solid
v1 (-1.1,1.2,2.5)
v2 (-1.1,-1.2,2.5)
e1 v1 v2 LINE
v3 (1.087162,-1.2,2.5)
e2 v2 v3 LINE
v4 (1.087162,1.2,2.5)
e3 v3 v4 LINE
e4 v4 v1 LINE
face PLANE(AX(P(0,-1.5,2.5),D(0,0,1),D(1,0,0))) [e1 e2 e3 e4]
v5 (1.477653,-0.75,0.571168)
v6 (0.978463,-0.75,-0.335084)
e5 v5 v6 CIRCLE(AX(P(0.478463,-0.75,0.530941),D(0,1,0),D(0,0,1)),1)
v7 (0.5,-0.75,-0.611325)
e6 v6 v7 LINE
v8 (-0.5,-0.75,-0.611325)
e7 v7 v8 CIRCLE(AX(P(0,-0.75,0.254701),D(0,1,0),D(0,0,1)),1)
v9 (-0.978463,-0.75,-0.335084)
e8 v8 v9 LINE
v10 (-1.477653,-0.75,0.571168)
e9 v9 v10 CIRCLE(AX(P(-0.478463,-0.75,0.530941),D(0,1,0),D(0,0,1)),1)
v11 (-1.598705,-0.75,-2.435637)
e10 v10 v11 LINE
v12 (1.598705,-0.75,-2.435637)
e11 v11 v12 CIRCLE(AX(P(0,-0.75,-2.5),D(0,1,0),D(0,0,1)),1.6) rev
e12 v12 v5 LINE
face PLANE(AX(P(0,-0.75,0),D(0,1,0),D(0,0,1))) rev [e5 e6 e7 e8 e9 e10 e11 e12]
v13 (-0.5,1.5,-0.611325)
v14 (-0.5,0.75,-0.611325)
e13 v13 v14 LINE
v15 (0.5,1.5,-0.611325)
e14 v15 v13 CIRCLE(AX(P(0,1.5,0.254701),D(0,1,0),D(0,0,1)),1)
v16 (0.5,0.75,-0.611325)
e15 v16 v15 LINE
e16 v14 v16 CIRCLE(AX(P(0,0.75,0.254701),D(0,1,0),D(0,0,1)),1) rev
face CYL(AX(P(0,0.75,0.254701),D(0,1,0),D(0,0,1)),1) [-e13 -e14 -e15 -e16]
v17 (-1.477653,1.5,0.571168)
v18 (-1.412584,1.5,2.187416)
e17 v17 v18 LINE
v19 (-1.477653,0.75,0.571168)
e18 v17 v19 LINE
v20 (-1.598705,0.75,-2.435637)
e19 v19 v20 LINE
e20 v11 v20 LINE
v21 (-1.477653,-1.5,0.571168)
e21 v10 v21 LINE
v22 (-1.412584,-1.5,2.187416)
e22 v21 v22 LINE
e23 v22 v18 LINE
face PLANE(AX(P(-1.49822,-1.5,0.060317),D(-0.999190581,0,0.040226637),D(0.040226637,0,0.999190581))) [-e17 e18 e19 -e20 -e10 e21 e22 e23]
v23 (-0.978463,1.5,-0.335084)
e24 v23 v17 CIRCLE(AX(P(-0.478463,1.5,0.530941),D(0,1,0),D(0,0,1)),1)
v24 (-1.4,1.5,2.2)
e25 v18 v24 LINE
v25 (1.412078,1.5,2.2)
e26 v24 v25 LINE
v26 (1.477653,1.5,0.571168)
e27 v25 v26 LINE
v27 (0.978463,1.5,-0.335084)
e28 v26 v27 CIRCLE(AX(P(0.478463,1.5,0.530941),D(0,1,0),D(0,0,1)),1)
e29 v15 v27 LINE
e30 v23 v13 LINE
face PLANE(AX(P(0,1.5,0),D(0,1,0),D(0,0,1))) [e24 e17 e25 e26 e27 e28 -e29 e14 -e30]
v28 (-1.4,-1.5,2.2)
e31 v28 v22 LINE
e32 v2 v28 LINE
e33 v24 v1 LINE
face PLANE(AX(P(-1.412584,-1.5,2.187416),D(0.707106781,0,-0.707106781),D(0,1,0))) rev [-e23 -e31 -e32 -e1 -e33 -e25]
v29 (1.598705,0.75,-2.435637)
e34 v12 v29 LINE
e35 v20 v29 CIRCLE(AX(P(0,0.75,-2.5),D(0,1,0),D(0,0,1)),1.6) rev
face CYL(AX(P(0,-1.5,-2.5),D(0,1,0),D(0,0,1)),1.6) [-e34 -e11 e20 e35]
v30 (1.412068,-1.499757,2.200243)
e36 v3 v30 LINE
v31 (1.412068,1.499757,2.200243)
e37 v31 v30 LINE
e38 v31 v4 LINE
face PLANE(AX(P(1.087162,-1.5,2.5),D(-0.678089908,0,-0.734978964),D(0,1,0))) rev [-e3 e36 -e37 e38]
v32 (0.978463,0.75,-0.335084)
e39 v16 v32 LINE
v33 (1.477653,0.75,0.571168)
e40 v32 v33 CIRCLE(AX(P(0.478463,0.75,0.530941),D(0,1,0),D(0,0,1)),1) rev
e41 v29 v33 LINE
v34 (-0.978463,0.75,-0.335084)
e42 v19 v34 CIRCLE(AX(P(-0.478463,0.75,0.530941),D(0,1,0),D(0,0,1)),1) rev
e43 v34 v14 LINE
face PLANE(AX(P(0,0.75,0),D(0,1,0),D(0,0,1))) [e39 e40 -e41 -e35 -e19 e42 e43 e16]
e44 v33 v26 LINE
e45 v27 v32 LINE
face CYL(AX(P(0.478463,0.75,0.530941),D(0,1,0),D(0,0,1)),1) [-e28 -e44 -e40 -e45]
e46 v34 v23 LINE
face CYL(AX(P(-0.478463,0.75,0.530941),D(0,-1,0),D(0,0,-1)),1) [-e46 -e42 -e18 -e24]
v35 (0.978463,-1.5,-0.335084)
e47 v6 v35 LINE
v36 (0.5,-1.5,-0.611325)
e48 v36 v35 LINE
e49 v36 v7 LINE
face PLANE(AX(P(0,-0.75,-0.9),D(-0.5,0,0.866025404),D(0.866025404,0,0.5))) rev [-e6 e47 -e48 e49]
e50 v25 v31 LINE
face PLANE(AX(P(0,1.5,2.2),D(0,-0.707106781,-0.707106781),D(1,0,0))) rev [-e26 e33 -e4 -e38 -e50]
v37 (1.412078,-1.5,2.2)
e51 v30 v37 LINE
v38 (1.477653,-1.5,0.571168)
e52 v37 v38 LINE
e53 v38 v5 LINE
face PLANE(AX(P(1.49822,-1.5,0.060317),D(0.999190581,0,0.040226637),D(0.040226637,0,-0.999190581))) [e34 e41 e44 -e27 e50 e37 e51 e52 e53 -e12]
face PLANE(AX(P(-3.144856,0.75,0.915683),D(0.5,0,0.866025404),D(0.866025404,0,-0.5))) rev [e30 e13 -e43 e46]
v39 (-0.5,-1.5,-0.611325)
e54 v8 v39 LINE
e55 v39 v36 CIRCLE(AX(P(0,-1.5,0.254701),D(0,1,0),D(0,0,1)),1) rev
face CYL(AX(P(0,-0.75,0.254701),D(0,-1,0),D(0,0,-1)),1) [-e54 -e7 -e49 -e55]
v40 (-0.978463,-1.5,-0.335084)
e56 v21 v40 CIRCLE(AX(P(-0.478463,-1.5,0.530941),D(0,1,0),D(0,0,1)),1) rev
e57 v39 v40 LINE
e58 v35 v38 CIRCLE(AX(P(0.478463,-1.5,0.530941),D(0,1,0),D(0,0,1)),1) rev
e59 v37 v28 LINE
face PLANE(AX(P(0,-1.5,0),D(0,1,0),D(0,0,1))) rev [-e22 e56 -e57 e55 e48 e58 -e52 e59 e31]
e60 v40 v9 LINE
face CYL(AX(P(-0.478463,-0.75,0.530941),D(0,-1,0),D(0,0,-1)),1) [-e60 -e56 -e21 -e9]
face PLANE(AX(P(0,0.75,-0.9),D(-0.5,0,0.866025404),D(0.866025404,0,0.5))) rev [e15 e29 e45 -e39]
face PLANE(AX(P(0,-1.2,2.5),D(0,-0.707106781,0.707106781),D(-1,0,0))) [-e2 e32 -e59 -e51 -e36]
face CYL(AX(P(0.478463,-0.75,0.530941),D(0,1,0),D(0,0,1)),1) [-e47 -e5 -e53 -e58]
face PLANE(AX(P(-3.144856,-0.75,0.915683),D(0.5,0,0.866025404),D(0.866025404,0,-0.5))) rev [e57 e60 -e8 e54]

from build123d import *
from OCP.BRepFilletAPI import BRepFilletAPI_MakeChamfer

# Parameters (mm, degrees)
BOSS_EXTRUDE1_DEPTH      = 1.5
BOSS_EXTRUDE1_DEPTH_BACK = 1.5
SKETCH1_R                = 1.6
CUT_EXTRUDE1_DEPTH       = 0.75
CUT_EXTRUDE2_DEPTH       = 0.75
FILLET1_R                = 1
CHAMFER1_SIZE            = 0.3
CHAMFER1_SIZE2           = 0.312837622


with BuildPart() as part:
    # Sketch1 → Boss-Extrude1 (new, two sides: drawn at the far end of the back side and taken through both)
    with BuildSketch(Plane(origin=(0, 0, 0), x_dir=(1, 0, 0), z_dir=(0, 1, 0)).offset(-BOSS_EXTRUDE1_DEPTH_BACK)):
        with BuildLine():
            ThreePointArc((1.59870493, 2.43563738), (0, 0.9), (-1.59870493, 2.43563738))
            Line((-1.59870493, 2.43563738), (-1.4, -2.5))
            Line((-1.4, -2.5), (1.4, -2.5))
            Line((1.4, -2.5), (1.59870493, 2.43563738))
        make_face()
        with Locations((0, 2.5)):
            Circle(SKETCH1_R)
    extrude(amount=BOSS_EXTRUDE1_DEPTH + BOSS_EXTRUDE1_DEPTH_BACK)

    # Sketch2 → Cut-Extrude1 (cut)
    with BuildSketch(Plane.XZ.offset(1.5)):
        Polygon((0, -0.9), (2.885753251, 0.766090416), (2.885753251, -2.050590863), (2.110091131, -4.50528075), (-1.600263029, -4.441671147), (-3.669548881, -0.857562917), (-3.144856004, 0.915683461), align=None)
    extrude(amount=-CUT_EXTRUDE1_DEPTH, mode=Mode.SUBTRACT)

    # Sketch3 → Cut-Extrude2 (cut)
    with BuildSketch(Plane(origin=(0, 1.5, 0), x_dir=(1, 0, 0), z_dir=(0, 1, 0))):
        Polygon((0, 0.9), (2.885753251, -0.766090416), (2.885753251, 2.050590863), (2.110091131, 4.50528075), (-1.600263029, 4.441671147), (-3.669548881, 0.857562917), (-3.144856004, -0.915683461), align=None)
    extrude(amount=-CUT_EXTRUDE2_DEPTH, mode=Mode.SUBTRACT)

    # Fillet1
    fillet1_edges = [part.edges().sort_by_distance(p)[0] for p in [
        (-1.501970059, -1.125, -0.032837182),
        (1.501970059, -1.125, -0.032837182),
        (0, -1.125, -0.9),
        (-1.501970059, 1.125, -0.032837182),
        (1.501970059, 1.125, -0.032837182),
        (0, 1.125, -0.9),
    ]]
    fillet(fillet1_edges, radius=FILLET1_R)

    # Chamfer1: one chamfer whose edges measure the first distance from different faces: ONE call of the kernel's chamfer builder (chamfer() names one face for all edges)
    chamfer1_edges_1 = [part.edges().sort_by_distance(p)[0] for p in [
        (0, 1.5, 2.5),
        (0, -1.5, 2.5),
    ]]
    chamfer1_edges_2 = [part.edges().sort_by_distance(p)[0] for p in [
        (1.4, 0, 2.5),
    ]]
    chamfer1_side_2 = [part.faces().sort_by_distance(p)[0] for p in [
        (1.482345448, 0, 0.454619096),
    ]]
    chamfer1_edges_3 = [part.edges().sort_by_distance(p)[0] for p in [
        (-1.4, 0, 2.5),
    ]]
    chamfer1_side_3 = [part.faces().sort_by_distance(p)[0] for p in [
        (0, 0, 2.5),
    ]]
    chamfer1 = BRepFilletAPI_MakeChamfer(part.part.solid().wrapped)
    for e in chamfer1_edges_1:
        chamfer1.Add(CHAMFER1_SIZE, e.wrapped)
    for e in chamfer1_edges_2:
        chamfer1.Add(CHAMFER1_SIZE, CHAMFER1_SIZE2, e.wrapped, chamfer1_side_2[0].wrapped)  # the first distance lies on this face
    for e in chamfer1_edges_3:
        chamfer1.Add(CHAMFER1_SIZE, CHAMFER1_SIZE2, e.wrapped, chamfer1_side_3[0].wrapped)  # the first distance lies on this face
    add(Compound.cast(chamfer1.Shape()), mode=Mode.REPLACE)


solid = part.part
